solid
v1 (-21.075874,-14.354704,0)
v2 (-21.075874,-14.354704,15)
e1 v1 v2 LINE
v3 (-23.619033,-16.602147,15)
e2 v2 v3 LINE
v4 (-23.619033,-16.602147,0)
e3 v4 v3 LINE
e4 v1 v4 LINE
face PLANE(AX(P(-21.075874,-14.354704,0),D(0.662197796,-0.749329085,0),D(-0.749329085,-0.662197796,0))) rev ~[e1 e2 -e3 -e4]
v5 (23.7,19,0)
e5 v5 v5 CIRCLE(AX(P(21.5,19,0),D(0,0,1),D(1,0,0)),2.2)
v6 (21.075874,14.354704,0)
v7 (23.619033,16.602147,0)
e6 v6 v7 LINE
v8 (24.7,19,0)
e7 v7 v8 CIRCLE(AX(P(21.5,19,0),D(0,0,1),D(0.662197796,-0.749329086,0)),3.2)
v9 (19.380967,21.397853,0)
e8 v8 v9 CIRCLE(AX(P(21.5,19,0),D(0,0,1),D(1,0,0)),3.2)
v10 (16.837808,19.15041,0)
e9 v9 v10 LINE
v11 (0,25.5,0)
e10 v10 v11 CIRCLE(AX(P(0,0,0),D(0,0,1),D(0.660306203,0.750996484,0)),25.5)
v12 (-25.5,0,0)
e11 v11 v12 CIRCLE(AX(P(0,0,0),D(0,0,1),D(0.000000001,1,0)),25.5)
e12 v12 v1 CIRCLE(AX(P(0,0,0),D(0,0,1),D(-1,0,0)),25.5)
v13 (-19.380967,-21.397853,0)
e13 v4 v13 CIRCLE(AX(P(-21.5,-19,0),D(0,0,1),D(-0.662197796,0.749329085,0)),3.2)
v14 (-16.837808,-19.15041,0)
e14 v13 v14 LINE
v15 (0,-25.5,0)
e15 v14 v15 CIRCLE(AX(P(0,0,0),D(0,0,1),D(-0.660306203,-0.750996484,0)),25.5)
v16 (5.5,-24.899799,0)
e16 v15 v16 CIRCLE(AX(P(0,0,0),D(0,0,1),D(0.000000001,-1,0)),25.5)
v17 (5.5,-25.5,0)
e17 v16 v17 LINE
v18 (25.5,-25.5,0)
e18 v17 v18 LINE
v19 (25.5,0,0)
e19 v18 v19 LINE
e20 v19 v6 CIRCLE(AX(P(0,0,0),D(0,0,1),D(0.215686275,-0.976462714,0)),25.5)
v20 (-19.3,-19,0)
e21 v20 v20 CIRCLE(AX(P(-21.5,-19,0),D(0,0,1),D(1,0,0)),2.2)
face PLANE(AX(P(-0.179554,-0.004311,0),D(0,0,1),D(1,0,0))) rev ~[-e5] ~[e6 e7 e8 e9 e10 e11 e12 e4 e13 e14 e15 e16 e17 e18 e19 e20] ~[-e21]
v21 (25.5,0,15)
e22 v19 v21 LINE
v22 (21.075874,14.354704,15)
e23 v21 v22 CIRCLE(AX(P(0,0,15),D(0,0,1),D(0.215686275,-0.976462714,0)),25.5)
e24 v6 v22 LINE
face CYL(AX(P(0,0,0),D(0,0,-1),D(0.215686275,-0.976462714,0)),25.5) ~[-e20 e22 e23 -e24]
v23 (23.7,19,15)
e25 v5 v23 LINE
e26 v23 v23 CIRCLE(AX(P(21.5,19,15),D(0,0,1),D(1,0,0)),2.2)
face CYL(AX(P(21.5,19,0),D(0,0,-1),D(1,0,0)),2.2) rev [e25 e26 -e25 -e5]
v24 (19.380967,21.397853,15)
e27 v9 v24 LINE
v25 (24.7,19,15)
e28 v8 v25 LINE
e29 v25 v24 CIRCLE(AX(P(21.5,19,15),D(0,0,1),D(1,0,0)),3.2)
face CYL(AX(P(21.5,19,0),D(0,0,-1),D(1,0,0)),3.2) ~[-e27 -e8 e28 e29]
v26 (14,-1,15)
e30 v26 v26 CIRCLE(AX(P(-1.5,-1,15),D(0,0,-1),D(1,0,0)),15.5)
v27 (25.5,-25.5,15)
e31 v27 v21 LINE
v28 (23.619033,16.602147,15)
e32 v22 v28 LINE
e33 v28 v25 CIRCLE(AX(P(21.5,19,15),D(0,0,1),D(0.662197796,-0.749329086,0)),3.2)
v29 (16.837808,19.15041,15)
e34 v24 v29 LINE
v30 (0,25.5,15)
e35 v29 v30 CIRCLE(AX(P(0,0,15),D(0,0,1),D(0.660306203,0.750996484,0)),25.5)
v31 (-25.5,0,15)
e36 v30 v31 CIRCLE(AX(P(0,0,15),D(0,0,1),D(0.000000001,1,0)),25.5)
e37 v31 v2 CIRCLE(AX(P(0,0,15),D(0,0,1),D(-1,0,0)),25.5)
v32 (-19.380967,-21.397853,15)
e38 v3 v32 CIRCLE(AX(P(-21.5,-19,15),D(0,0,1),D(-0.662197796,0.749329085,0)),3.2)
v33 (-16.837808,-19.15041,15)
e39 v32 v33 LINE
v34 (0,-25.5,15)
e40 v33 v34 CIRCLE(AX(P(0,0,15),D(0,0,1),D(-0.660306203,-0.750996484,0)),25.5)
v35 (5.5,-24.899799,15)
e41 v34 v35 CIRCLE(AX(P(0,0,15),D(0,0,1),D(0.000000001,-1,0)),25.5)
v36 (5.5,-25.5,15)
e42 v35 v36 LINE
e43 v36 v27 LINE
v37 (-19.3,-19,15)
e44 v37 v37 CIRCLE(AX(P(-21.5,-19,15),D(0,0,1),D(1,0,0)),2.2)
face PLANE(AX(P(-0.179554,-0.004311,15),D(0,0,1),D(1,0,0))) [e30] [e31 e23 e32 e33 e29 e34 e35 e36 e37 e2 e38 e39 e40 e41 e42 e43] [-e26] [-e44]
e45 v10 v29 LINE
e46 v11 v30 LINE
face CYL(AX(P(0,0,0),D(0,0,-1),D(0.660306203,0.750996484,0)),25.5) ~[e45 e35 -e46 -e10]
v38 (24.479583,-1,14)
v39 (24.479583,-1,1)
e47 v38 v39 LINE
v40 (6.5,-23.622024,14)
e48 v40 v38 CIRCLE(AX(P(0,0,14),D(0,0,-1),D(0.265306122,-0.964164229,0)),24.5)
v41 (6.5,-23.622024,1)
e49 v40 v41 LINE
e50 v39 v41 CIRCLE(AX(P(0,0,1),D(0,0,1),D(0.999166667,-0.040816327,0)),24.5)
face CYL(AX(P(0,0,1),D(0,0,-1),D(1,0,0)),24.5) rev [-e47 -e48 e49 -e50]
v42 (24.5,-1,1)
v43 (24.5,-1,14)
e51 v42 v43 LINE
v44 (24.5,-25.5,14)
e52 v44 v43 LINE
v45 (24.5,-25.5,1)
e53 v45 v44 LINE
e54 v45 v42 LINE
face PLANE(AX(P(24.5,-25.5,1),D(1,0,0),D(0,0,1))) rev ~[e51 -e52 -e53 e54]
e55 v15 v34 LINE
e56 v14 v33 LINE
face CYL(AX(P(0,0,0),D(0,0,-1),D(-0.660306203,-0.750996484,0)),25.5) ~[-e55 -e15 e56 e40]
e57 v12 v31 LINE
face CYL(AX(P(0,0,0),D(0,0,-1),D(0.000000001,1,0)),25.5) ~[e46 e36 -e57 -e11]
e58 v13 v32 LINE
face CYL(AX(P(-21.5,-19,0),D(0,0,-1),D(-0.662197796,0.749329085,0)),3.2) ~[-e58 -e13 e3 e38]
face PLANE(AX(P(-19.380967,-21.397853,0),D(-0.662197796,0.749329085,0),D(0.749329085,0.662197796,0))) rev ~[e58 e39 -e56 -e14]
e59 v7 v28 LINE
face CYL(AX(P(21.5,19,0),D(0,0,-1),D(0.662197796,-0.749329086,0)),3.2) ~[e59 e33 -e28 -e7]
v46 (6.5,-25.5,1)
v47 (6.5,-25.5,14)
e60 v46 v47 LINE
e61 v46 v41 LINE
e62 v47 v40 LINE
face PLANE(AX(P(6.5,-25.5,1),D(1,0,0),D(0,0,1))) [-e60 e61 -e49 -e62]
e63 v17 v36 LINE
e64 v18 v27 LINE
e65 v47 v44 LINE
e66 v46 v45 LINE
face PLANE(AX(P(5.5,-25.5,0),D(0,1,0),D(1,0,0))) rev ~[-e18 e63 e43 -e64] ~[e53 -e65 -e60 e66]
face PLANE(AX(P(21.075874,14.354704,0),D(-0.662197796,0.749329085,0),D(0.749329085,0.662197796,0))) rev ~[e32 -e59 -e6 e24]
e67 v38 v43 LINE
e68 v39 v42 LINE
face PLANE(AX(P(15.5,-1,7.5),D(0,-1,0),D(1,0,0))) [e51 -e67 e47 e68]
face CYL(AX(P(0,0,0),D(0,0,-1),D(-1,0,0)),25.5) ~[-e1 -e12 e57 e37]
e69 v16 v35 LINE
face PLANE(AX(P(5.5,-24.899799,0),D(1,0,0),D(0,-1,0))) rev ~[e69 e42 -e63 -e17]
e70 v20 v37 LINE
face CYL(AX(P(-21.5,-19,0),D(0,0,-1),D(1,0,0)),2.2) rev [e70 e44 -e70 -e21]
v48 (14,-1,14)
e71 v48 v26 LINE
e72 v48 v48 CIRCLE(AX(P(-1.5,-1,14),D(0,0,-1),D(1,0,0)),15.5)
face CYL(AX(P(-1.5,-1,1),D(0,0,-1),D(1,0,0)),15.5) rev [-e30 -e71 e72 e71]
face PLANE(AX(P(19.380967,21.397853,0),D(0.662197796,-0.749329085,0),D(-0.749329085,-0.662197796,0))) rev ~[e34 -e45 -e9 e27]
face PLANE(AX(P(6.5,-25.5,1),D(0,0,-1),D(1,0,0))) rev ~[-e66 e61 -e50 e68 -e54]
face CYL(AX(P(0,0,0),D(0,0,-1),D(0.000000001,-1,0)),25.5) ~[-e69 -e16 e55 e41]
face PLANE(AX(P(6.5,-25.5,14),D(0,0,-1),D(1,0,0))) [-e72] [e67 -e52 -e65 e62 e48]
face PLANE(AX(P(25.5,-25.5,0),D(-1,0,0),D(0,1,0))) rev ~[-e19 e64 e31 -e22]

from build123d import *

# Parameters (mm, degrees)
F1_R     = 24.5
F1_R_2   = 15.5
F1_R_3   = 2.2
F2_DEPTH = 15
F3_START = 1
F3_DEPTH = 24
F4_START = 1
F4_DEPTH = 13
F5_W     = 18
F5_H     = 13
F6_DEPTH = 24.5


with BuildPart() as f2:
    # F1 (on Top) → F2 (new body)
    with BuildSketch(Plane.XY):
        with BuildLine():
            ThreePointArc((5.5, -24.899799196), (19.8808953521, -15.9687194227), (25.5, 0))
            ThreePointArc((25.5, 0), (24.3688816797, 7.5104996957), (21.0758740643, 14.3547041914))
            ThreePointArc((21.0758740643, 14.3547041914), (20.1955865128, 15.5688241496), (19.2454493009, 16.7290968438))
            ThreePointArc((19.2454493009, 16.7290968438), (19.1021469265, 16.8809670513), (18.9690541914, 17.0418597308))
            ThreePointArc((18.9690541914, 17.0418597308), (17.9344457512, 18.1274834325), (16.8378081669, 19.1504103385))
            ThreePointArc((16.8378081669, 19.1504103385), (8.9976257046, 23.85985607), (1.63e-08, 25.5))
            ThreePointArc((1.63e-08, 25.5), (-18.0312229145, 18.031222926), (-25.5, 0))
            ThreePointArc((-25.5, 0), (-24.3688816797, -7.5104996957), (-21.0758740643, -14.3547041914))
            ThreePointArc((-21.0758740643, -14.3547041914), (-20.1955865128, -15.5688241496), (-19.2454493009, -16.7290968438))
            ThreePointArc((-19.2454493009, -16.7290968438), (-19.1021469265, -16.8809670513), (-18.9690541914, -17.0418597308))
            ThreePointArc((-18.9690541914, -17.0418597308), (-17.9344457512, -18.1274834325), (-16.8378081669, -19.1504103385))
            ThreePointArc((-16.8378081669, -19.1504103385), (-8.99762568, -23.8598560793), (3.64e-08, -25.5))
            ThreePointArc((3.64e-08, -25.5), (2.766326147, -25.3495057082), (5.5, -24.899799196))
        make_face()
        Circle(F1_R, mode=Mode.SUBTRACT)
        Circle(F1_R)
        with Locations((-1.5, -1)):
            Circle(F1_R_2, mode=Mode.SUBTRACT)
        with Locations((-1.5, -1)):
            Circle(F1_R_2)
        with BuildLine():
            Line((5.5, -25.5), (25.5, -25.5))
            Line((25.5, -25.5), (25.5, 0))
            ThreePointArc((25.5, 0), (19.8808953521, -15.9687194227), (5.5, -24.899799196))
            Line((5.5, -24.899799196), (5.5, -25.5))
        make_face()
        with BuildLine():
            ThreePointArc((-18.3, -19), (-18.4718795774, -17.9653567251), (-18.9690541914, -17.0418597308))
            ThreePointArc((-18.9690541914, -17.0418597308), (-19.1078916798, -16.88604381), (-19.2454493009, -16.7290968438))
            ThreePointArc((-19.2454493009, -16.7290968438), (-21.4071542379, -15.801347211), (-23.6190329487, -16.6021469265))
            ThreePointArc((-23.6190329487, -16.6021469265), (-23.8978530735, -21.1190329487), (-19.3809670513, -21.3978530735))
            ThreePointArc((-19.3809670513, -21.3978530735), (-18.582731977, -20.315122535), (-18.3, -19))
        make_face()
        with Locations((-21.5, -19)):
            Circle(F1_R_3, mode=Mode.SUBTRACT)
        with BuildLine():
            ThreePointArc((18.9690541914, 17.0418597308), (19.1078916798, 16.88604381), (19.2454493009, 16.7290968438))
            ThreePointArc((19.2454493009, 16.7290968438), (21.4071542379, 15.801347211), (23.6190329487, 16.6021469265))
            ThreePointArc((23.6190329487, 16.6021469265), (24.417268023, 17.684877465), (24.7, 19))
            ThreePointArc((24.7, 19), (22.815122535, 21.917268023), (19.3809670513, 21.3978530735))
            ThreePointArc((19.3809670513, 21.3978530735), (18.3142120109, 19.3012555205), (18.9690541914, 17.0418597308))
        make_face()
        with Locations((21.5, 19)):
            Circle(F1_R_3, mode=Mode.SUBTRACT)
        with BuildLine():
            Line((-19.3809670513, -21.3978530735), (-16.8378081669, -19.1504103385))
            ThreePointArc((-16.8378081669, -19.1504103385), (-17.9344457512, -18.1274834325), (-18.9690541914, -17.0418597308))
            ThreePointArc((-18.9690541914, -17.0418597308), (-18.4718795774, -17.9653567251), (-18.3, -19))
            ThreePointArc((-18.3, -19), (-18.582731977, -20.315122535), (-19.3809670513, -21.3978530735))
        make_face()
        with BuildLine():
            ThreePointArc((-19.2454493009, -16.7290968438), (-20.1955865128, -15.5688241496), (-21.0758740643, -14.3547041914))
            Line((-21.0758740643, -14.3547041914), (-23.6190329487, -16.6021469265))
            ThreePointArc((-23.6190329487, -16.6021469265), (-21.4071542379, -15.801347211), (-19.2454493009, -16.7290968438))
        make_face()
        with BuildLine():
            ThreePointArc((19.2454493009, 16.7290968438), (20.1955865128, 15.5688241496), (21.0758740643, 14.3547041914))
            Line((21.0758740643, 14.3547041914), (23.6190329487, 16.6021469265))
            ThreePointArc((23.6190329487, 16.6021469265), (21.4071542379, 15.801347211), (19.2454493009, 16.7290968438))
        make_face()
        with BuildLine():
            Line((19.3809670513, 21.3978530735), (16.8378081669, 19.1504103385))
            ThreePointArc((16.8378081669, 19.1504103385), (17.9344457512, 18.1274834325), (18.9690541914, 17.0418597308))
            ThreePointArc((18.9690541914, 17.0418597308), (18.3142120109, 19.3012555205), (19.3809670513, 21.3978530735))
        make_face()
        with BuildLine():
            ThreePointArc((-19.2454493009, -16.7290968438), (-19.1078916798, -16.88604381), (-18.9690541914, -17.0418597308))
            ThreePointArc((-18.9690541914, -17.0418597308), (-19.1021469265, -16.8809670513), (-19.2454493009, -16.7290968438))
        make_face()
        with BuildLine():
            ThreePointArc((18.9690541914, 17.0418597308), (19.1021469265, 16.8809670513), (19.2454493009, 16.7290968438))
            ThreePointArc((19.2454493009, 16.7290968438), (19.1078916798, 16.88604381), (18.9690541914, 17.0418597308))
        make_face()
    extrude(amount=F2_DEPTH)

    # F1 (on Top) → F3 (cut)
    with BuildSketch(Plane.XY.offset(F3_START)):
        with Locations((-1.5, -1)):
            Circle(F1_R_2)
    extrude(amount=F3_DEPTH, mode=Mode.SUBTRACT)

    # F1 (on Top) → F4 (cut)
    with BuildSketch(Plane.XY.offset(F4_START)):
        Circle(F1_R)
        with Locations((-1.5, -1)):
            Circle(F1_R_2, mode=Mode.SUBTRACT)
        with Locations((-1.5, -1)):
            Circle(F1_R_2)
    extrude(amount=F4_DEPTH, mode=Mode.SUBTRACT)

    # F5 (on face) → F6 (cut, through all)
    with BuildSketch(Plane.XZ.offset(25.5)):
        with Locations((15.5, 7.5)):
            Rectangle(F5_W, F5_H)
    extrude(amount=-F6_DEPTH, mode=Mode.SUBTRACT)


solid = f2.part
